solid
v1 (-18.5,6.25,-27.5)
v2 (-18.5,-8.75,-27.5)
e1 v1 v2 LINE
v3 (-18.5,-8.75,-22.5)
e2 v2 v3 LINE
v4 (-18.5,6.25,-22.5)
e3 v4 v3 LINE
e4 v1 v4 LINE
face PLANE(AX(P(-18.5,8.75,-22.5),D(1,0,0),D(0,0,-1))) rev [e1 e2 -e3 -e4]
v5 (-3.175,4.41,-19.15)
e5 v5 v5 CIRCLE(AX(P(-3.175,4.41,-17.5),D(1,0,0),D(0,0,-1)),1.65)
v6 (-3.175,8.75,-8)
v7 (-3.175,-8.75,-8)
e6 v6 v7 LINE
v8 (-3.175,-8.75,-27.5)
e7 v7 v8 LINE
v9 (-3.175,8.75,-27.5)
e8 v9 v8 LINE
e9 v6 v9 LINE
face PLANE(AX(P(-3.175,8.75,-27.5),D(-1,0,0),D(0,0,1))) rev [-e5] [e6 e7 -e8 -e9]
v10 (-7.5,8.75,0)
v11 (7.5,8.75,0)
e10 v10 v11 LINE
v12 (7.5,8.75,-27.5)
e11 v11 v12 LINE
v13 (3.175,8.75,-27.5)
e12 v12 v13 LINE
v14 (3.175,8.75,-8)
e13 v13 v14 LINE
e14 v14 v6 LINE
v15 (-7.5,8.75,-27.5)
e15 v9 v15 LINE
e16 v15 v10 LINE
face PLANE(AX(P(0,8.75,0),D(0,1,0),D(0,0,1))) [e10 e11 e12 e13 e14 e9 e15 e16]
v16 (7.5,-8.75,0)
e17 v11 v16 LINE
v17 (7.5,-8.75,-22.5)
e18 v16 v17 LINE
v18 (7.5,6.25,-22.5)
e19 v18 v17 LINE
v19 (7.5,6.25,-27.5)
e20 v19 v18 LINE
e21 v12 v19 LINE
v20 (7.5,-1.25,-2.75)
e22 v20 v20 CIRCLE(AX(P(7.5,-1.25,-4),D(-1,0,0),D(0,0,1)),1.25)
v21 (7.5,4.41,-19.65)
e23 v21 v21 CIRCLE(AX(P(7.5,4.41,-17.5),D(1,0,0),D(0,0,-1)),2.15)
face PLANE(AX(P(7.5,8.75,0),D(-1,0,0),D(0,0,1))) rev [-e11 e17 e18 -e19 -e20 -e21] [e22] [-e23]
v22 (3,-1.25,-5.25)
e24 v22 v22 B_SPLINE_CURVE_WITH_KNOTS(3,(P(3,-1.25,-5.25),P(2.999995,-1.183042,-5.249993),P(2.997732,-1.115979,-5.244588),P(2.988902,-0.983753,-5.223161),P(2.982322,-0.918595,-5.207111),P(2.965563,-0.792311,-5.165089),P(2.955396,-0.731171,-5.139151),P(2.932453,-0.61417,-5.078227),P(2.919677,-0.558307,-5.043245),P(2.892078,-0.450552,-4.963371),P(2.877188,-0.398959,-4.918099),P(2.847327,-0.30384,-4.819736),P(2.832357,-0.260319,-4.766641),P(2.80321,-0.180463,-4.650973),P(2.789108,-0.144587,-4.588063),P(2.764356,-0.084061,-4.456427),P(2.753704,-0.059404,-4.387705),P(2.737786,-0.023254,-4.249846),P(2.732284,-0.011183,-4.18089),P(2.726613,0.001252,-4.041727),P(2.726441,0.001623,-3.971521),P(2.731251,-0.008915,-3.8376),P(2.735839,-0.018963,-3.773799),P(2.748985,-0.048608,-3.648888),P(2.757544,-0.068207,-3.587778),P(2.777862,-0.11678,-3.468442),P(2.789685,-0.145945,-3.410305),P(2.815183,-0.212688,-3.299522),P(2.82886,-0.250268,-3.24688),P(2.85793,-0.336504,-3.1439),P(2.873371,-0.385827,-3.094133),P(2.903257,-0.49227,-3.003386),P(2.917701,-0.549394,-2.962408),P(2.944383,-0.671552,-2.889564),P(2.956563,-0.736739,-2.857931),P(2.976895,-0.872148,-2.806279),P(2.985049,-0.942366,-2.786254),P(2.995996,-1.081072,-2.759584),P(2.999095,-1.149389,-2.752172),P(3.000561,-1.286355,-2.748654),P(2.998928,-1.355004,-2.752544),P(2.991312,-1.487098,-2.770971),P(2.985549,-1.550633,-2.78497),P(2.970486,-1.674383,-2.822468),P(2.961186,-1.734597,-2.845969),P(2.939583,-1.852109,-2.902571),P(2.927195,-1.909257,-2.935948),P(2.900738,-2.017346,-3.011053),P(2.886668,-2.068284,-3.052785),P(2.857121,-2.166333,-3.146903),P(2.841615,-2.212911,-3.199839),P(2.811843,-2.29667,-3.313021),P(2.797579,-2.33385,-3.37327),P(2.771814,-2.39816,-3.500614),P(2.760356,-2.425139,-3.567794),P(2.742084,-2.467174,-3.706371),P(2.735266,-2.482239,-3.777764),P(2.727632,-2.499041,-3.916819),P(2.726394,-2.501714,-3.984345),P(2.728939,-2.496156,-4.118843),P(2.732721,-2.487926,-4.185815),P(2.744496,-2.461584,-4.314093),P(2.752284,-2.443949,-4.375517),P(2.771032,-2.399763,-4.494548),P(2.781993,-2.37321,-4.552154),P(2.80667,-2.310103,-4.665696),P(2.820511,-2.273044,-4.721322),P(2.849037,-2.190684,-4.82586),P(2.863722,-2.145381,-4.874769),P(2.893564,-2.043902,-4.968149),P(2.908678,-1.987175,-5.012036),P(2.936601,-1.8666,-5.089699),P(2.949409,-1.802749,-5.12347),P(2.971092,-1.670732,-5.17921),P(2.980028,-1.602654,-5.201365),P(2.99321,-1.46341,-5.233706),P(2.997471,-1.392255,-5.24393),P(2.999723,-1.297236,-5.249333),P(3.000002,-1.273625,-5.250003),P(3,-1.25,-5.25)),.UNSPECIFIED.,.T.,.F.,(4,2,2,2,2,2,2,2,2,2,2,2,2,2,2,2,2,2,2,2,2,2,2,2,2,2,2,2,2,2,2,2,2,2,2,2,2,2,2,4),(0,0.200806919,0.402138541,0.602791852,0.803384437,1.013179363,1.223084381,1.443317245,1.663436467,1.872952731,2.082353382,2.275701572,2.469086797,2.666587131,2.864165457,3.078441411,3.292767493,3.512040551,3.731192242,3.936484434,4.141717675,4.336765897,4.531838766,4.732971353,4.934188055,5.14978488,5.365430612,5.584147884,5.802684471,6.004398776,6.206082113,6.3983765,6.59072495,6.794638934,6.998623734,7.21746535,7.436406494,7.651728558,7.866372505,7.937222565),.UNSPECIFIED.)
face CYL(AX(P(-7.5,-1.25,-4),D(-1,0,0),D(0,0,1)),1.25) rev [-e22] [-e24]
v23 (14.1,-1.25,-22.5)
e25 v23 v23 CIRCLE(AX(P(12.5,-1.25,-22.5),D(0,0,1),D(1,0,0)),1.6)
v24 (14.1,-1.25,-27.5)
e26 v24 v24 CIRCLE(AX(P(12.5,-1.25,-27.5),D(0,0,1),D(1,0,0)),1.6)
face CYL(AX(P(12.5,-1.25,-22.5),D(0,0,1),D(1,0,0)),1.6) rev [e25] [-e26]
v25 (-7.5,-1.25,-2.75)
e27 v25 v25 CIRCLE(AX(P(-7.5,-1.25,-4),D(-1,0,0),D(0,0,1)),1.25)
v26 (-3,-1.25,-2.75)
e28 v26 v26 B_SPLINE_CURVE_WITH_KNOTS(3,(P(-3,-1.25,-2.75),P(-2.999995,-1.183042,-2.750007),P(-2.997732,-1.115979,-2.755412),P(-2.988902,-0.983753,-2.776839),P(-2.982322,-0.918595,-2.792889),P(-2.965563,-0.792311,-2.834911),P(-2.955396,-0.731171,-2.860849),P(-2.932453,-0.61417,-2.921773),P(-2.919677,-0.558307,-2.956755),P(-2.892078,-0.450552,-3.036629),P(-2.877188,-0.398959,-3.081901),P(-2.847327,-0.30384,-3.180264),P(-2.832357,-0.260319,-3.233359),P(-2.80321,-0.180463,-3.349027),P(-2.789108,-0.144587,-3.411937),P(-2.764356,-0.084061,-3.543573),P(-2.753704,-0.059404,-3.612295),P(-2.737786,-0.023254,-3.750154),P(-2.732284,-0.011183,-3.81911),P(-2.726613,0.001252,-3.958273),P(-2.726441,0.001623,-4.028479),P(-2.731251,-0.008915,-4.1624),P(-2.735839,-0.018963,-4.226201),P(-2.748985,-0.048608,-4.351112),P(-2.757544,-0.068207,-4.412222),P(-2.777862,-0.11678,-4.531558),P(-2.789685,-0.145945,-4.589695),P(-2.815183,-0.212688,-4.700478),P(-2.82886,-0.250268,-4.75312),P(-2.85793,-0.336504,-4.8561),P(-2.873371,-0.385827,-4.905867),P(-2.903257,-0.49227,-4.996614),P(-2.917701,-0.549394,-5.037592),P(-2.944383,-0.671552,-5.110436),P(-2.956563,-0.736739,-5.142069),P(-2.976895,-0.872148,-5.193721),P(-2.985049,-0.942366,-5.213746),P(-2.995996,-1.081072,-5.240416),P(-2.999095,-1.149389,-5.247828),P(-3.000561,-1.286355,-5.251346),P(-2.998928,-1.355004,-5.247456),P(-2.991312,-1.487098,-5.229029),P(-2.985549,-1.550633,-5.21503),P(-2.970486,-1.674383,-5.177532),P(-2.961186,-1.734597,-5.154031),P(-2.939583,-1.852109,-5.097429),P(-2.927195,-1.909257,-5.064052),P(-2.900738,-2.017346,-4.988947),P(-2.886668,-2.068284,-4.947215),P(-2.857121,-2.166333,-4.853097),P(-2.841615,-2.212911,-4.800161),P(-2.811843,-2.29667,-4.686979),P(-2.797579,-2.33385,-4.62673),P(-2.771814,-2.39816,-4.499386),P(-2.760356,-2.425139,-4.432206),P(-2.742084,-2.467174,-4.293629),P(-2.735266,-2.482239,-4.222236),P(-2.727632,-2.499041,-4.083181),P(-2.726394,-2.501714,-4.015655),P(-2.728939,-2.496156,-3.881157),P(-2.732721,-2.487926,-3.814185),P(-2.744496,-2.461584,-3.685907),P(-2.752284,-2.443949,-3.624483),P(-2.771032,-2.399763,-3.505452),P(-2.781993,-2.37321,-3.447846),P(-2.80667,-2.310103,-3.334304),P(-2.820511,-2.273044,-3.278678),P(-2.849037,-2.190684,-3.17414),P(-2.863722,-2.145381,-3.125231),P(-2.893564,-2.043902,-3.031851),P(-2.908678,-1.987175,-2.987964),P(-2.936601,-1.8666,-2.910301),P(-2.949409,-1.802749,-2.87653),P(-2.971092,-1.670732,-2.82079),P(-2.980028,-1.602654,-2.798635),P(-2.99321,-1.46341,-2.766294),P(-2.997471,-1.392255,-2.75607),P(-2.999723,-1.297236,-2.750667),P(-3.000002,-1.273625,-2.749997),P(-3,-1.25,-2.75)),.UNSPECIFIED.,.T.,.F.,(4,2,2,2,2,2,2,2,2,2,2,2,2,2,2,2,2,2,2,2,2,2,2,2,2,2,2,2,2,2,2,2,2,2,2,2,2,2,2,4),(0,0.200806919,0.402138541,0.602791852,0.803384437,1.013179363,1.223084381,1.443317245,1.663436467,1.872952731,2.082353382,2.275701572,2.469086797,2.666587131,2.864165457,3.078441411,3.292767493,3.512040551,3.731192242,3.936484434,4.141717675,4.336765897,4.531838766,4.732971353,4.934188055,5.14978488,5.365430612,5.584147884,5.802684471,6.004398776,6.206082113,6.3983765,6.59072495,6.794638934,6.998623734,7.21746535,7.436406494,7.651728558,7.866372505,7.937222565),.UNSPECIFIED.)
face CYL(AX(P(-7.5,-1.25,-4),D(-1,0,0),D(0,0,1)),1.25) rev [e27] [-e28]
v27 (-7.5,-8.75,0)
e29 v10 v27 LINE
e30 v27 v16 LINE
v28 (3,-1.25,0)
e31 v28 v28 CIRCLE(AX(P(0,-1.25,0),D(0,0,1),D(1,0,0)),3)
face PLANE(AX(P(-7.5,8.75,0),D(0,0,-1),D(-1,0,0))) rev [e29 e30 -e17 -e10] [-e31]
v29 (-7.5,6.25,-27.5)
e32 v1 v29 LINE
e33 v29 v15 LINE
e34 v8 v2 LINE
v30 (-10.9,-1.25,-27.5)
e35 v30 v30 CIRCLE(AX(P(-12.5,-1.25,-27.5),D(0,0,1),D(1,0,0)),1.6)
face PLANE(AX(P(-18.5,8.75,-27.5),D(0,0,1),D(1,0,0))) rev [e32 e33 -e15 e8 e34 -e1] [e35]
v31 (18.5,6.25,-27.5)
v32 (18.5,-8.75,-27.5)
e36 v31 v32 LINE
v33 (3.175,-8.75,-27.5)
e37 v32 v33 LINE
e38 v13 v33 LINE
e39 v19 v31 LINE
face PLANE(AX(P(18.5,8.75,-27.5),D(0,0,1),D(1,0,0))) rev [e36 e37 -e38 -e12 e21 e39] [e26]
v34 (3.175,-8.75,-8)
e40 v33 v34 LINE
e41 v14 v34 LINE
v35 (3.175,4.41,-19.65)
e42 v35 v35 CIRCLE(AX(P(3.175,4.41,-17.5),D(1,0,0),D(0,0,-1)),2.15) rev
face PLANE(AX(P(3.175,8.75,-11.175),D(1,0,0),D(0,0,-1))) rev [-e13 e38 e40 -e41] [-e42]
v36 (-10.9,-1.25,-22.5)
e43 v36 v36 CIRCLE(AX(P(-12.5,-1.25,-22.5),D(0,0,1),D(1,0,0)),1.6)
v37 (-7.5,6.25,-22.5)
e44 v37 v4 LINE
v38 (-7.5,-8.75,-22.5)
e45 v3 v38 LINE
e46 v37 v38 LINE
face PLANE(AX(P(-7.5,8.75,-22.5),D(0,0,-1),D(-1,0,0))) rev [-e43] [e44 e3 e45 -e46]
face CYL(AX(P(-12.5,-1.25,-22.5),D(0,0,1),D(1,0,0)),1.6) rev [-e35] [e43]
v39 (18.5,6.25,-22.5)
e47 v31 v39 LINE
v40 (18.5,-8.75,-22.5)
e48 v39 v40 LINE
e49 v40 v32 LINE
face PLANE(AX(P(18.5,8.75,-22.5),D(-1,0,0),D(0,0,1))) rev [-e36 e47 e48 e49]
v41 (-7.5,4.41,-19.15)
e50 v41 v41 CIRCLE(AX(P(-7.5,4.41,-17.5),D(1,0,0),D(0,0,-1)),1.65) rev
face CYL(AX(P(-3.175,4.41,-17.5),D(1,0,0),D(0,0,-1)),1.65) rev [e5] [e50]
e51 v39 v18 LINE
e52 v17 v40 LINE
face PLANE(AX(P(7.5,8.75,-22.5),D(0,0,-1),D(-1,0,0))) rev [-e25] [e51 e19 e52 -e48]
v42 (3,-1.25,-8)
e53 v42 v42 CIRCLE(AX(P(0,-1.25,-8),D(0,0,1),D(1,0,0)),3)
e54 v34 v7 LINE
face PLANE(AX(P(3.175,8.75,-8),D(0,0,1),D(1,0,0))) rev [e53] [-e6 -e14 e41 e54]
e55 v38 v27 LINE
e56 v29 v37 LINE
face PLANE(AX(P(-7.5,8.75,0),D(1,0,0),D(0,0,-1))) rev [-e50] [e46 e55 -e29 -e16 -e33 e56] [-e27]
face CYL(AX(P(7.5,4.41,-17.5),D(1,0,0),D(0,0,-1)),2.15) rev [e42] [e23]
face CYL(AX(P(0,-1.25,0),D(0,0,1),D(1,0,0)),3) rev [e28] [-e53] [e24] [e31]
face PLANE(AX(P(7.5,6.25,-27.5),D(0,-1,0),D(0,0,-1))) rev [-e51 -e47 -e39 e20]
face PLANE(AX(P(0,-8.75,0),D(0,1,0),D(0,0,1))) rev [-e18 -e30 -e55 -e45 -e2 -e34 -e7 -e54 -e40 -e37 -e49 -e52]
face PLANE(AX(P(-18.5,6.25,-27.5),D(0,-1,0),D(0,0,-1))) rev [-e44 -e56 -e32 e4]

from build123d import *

# Parameters (mm, degrees)
BOSS_EXTRUDE1_DEPTH             = 8.75
F_6_0_6_DIAMETER_HOLE1_D        = 6
TAP_DRILL_FOR_M3X0_5_TAP1_D     = 2.5
M3_CLEARANCE_HOLE1_D            = 3.2
M3_CLEARANCE_HOLE1_DEPTH        = 5
M3_CLEARANCE_HOLE1_TIP          = 0.96137699
M4_CLEARANCE_HOLE1_D            = 4.3
M4_CLEARANCE_HOLE1_DEPTH        = 4.325
M4_CLEARANCE_HOLE1_TIP          = 1.291850331
TAP_DRILL_FOR_M4X0_7_TAP1_D     = 3.3
TAP_DRILL_FOR_M4X0_7_TAP1_DEPTH = 4.325
TAP_DRILL_FOR_M4X0_7_TAP1_TIP   = 0.991420021
CUT_EXTRUDE1_DEPTH              = 31.414840202
CUT_EXTRUDE1_DEPTH_BACK         = 31.414840202
SKETCH16_W                      = 11
SKETCH16_H                      = 2.5


with BuildPart() as part:
    # Sketch1 → Boss-Extrude1 (new, symmetric)
    with BuildSketch(Plane(origin=(0, 0, 0), x_dir=(1, 0, 0), z_dir=(0, 1, 0))):
        Polygon((-7.5, 0), (7.5, 0), (7.5, 22.5), (18.5, 22.5), (18.5, 27.5), (3.175, 27.5), (3.175, 11.175), (3.175, 8), (0, 8), (-3.175, 8), (-3.175, 11.175), (-3.175, 27.5), (-18.5, 27.5), (-18.5, 22.5), (-7.5, 22.5), align=None)
    extrude(amount=BOSS_EXTRUDE1_DEPTH, both=True)

    # Ø6.0 (6) Diameter Hole1 (through all)
    with Locations(Plane.XY):
        with Locations((0, -1.25)):
            Hole(F_6_0_6_DIAMETER_HOLE1_D / 2)

    # Tap Drill for M3x0.5 Tap1 (through all)
    with Locations(Plane.ZY.offset(7.5)):
        with Locations((-4, -1.25)):
            Hole(TAP_DRILL_FOR_M3X0_5_TAP1_D / 2)

    # M3 Clearance Hole1
    with Locations(Plane.XY.offset(-22.5)):
        with Locations((12.5, -1.25), (-12.5, -1.25)):
            Hole(M3_CLEARANCE_HOLE1_D / 2, depth=M3_CLEARANCE_HOLE1_DEPTH)
            with Locations((0, 0, -(M3_CLEARANCE_HOLE1_DEPTH + M3_CLEARANCE_HOLE1_TIP / 2))):  # 118° drill point
                Cone(0, M3_CLEARANCE_HOLE1_D / 2, M3_CLEARANCE_HOLE1_TIP, mode=Mode.SUBTRACT)

    # M4 Clearance Hole1
    with Locations(Plane(origin=(7.5, 0, 0), x_dir=(0, 0, -1), z_dir=(1, 0, 0))):
        with Locations((17.5, 4.41)):
            Hole(M4_CLEARANCE_HOLE1_D / 2, depth=M4_CLEARANCE_HOLE1_DEPTH)
            with Locations((0, 0, -(M4_CLEARANCE_HOLE1_DEPTH + M4_CLEARANCE_HOLE1_TIP / 2))):  # 118° drill point
                Cone(0, M4_CLEARANCE_HOLE1_D / 2, M4_CLEARANCE_HOLE1_TIP, mode=Mode.SUBTRACT)

    # Tap Drill for M4x0.7 Tap1
    with Locations(Plane(origin=(-3.175, 0, 0), x_dir=(0, 0, -1), z_dir=(1, 0, 0))):
        with Locations((17.5, 4.41)):
            Hole(TAP_DRILL_FOR_M4X0_7_TAP1_D / 2, depth=TAP_DRILL_FOR_M4X0_7_TAP1_DEPTH)
            with Locations((0, 0, -(TAP_DRILL_FOR_M4X0_7_TAP1_DEPTH + TAP_DRILL_FOR_M4X0_7_TAP1_TIP / 2))):  # 118° drill point
                Cone(0, TAP_DRILL_FOR_M4X0_7_TAP1_D / 2, TAP_DRILL_FOR_M4X0_7_TAP1_TIP, mode=Mode.SUBTRACT)

    # Sketch16 → Cut-Extrude1 (cut, two sides: drawn at the far end of the back side and taken through both)
    with BuildSketch(Plane.XY.offset(-22.5).offset(-CUT_EXTRUDE1_DEPTH_BACK)):
        with Locations((-13, 7.5)):
            Rectangle(SKETCH16_W, SKETCH16_H)
        with Locations((13, 7.5)):
            Rectangle(SKETCH16_W, SKETCH16_H)
    extrude(amount=CUT_EXTRUDE1_DEPTH + CUT_EXTRUDE1_DEPTH_BACK, mode=Mode.SUBTRACT)


solid = part.part
